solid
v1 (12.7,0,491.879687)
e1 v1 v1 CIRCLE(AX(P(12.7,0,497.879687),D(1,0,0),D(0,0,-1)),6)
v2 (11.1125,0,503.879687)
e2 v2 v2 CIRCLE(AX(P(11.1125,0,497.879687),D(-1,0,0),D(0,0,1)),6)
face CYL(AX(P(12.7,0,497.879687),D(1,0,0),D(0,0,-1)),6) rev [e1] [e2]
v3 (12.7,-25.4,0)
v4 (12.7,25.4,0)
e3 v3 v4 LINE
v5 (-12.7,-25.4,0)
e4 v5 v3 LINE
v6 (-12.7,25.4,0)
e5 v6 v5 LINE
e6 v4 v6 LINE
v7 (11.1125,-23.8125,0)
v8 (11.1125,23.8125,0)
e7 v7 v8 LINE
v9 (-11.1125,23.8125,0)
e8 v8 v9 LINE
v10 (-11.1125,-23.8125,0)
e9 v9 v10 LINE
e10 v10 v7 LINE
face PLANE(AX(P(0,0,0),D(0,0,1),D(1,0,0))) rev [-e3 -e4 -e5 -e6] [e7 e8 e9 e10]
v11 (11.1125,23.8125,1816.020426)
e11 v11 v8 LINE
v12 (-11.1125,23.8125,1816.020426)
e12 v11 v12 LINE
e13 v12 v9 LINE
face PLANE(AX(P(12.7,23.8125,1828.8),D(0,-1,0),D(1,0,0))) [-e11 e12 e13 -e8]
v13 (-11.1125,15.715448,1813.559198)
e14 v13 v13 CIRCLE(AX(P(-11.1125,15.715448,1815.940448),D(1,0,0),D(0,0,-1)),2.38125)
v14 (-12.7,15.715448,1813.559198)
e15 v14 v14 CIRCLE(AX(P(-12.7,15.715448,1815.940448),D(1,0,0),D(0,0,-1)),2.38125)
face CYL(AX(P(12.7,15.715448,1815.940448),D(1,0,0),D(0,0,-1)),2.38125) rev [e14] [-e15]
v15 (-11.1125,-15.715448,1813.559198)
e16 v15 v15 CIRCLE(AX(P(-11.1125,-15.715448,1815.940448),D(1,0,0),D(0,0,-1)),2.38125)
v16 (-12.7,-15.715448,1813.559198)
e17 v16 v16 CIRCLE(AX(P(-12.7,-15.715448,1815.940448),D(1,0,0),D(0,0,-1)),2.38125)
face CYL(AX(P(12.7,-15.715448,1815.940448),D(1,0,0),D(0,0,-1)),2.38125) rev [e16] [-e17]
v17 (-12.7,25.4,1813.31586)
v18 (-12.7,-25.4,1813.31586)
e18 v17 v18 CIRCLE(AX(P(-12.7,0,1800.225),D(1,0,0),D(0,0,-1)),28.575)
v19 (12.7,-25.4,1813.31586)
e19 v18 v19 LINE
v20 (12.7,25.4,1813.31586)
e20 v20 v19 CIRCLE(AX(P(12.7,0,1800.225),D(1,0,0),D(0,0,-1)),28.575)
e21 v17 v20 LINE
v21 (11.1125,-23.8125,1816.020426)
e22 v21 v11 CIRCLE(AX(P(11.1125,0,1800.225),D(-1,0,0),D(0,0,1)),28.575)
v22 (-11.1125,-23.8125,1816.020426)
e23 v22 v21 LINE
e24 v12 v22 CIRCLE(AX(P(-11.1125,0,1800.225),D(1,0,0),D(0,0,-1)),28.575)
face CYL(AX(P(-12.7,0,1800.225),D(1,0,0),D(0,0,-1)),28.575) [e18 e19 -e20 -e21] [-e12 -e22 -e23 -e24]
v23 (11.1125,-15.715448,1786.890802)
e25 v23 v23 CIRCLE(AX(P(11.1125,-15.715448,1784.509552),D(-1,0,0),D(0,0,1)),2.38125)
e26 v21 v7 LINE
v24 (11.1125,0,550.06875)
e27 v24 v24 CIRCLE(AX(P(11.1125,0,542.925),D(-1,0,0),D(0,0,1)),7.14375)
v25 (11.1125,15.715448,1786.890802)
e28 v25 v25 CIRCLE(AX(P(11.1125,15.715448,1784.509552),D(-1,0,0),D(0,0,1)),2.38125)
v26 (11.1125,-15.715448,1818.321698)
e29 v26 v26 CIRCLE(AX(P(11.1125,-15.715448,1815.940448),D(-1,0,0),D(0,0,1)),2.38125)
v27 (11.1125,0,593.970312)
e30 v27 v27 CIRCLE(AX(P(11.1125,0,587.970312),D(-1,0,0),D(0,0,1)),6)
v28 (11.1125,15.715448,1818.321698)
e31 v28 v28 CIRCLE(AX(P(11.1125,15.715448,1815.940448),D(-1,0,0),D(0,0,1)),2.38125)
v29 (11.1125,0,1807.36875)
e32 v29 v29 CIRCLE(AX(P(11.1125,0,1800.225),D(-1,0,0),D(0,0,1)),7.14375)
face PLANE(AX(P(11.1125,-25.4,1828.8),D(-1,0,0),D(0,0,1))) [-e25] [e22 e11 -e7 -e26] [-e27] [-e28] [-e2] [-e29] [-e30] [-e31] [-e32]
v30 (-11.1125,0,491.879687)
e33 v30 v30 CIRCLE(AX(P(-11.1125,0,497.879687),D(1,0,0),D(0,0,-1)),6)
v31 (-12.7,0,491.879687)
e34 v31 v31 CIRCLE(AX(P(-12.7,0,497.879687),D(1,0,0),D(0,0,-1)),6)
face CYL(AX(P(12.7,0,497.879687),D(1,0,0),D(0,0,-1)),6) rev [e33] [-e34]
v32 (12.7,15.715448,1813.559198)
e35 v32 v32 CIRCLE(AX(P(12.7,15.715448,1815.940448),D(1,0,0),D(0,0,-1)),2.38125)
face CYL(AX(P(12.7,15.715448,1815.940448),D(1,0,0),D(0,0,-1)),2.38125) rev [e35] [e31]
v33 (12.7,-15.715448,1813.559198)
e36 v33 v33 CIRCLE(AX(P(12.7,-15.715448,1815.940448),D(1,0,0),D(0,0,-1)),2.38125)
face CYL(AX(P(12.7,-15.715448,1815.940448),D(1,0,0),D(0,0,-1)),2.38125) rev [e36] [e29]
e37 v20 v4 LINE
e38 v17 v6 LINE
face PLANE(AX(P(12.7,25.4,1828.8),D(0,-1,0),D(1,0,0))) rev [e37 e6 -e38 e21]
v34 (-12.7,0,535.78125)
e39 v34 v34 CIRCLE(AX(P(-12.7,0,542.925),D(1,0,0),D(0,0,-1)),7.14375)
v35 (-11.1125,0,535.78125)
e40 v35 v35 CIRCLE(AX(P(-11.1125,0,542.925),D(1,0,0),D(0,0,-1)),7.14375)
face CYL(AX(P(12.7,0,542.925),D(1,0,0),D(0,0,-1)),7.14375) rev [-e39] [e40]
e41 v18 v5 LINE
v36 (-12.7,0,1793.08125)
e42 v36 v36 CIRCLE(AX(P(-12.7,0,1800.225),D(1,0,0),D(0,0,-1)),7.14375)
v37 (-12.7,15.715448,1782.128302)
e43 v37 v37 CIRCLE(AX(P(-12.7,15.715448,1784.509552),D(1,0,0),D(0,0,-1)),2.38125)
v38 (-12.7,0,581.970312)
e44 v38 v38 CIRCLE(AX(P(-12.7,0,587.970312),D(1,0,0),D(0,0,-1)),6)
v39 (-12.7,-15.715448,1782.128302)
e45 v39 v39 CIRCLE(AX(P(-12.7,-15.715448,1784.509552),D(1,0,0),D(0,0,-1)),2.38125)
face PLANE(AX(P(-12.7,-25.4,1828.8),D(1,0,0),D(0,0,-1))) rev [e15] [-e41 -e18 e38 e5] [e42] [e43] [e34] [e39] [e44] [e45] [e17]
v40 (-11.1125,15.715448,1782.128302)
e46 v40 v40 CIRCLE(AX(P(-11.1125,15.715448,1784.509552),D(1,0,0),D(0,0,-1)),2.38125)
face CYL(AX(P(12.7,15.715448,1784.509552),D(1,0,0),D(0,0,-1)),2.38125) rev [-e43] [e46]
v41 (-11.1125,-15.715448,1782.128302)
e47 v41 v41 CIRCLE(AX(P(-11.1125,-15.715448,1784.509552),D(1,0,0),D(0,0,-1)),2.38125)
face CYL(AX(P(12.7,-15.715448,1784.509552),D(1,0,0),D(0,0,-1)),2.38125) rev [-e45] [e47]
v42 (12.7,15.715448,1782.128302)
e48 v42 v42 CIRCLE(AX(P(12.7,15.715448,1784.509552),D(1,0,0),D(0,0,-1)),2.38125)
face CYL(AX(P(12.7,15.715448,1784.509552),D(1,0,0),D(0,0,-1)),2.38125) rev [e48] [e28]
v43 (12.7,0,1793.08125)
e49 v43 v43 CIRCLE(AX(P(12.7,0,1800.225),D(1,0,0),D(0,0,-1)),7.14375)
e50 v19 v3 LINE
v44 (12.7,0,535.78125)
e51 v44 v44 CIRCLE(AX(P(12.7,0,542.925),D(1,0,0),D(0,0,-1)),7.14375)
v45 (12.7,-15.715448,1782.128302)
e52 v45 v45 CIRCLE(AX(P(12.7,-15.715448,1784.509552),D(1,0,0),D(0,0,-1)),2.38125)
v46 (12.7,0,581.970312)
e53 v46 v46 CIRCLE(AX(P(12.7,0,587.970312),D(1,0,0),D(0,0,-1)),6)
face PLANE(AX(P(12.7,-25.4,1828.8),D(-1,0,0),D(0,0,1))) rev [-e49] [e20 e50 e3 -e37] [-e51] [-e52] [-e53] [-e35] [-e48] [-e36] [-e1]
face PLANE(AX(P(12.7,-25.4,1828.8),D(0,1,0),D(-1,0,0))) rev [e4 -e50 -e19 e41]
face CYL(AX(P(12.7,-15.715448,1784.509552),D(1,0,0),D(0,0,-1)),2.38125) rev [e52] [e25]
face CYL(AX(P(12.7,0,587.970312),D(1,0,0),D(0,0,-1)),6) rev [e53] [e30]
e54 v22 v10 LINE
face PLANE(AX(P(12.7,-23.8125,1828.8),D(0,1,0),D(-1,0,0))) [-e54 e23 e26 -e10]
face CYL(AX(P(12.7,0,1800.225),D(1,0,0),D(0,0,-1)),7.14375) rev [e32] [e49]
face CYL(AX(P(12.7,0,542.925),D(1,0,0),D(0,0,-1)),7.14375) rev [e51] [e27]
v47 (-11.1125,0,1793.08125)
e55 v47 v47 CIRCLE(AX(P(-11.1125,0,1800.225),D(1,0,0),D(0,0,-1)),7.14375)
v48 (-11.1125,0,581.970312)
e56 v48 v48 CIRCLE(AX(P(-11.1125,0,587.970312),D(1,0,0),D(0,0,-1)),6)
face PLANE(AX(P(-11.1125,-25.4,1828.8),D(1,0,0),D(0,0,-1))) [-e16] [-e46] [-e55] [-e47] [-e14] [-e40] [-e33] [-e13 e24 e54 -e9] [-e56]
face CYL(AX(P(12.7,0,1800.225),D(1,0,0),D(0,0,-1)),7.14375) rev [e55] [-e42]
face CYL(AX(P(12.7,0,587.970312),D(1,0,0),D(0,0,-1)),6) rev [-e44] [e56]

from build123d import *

# Parameters (mm, degrees)
SKETCH2_W                      = 25.4
SKETCH2_H                      = 50.8
SKETCH2_W_2                    = 22.225
SKETCH2_H_2                    = 47.625
EXTRUDE_THIN2_DEPTH            = 1828.8
CUT_EXTRUDE1_DEPTH             = 26.4
F_9_16_0_5625_DIAMETER_HOLE1_D = 14.2875
F_9_16_0_5625_DIAMETER_HOLE2_D = 14.2875
F_12_0MM_DOWEL_HOLE1_D         = 12
F_3_16_0_1875_DIAMETER_HOLE1_D = 4.7625


with BuildPart() as part:
    # Sketch2 → Extrude-Thin2 (new body)
    with BuildSketch(Plane.XY):
        Rectangle(SKETCH2_W, SKETCH2_H)
        Rectangle(SKETCH2_W_2, SKETCH2_H_2, mode=Mode.SUBTRACT)
    extrude(amount=EXTRUDE_THIN2_DEPTH)

    # Sketch8 → Cut-Extrude1 (cut, through all)
    with BuildSketch(Plane(origin=(12.7, 0, 0), x_dir=(0, 0, -1), z_dir=(1, 0, 0))):
        with BuildLine():
            Line((-1828.8, 25.4), (-1828.8, -3.09e-07))
            ThreePointArc((-1828.8, -3.09e-07), (-1824.623790622, 14.87379041), (-1813.315860361, 25.4))
            Line((-1813.315860361, 25.4), (-1828.8, 25.4))
        make_face()
        with BuildLine():
            Line((-1828.8, -25.4), (-1813.315860361, -25.4))
            ThreePointArc((-1813.315860361, -25.4), (-1824.623790462, -14.873790674), (-1828.8, -3.09e-07))
            Line((-1828.8, -3.09e-07), (-1828.8, -25.4))
        make_face()
    extrude(amount=-CUT_EXTRUDE1_DEPTH, mode=Mode.SUBTRACT)

    # 9/16 (0.5625) Diameter Hole1 (through all)
    with Locations(Plane(origin=(12.7, 0, 0), x_dir=(0, 0, -1), z_dir=(1, 0, 0))):
        with Locations((-1800.225, 0)):
            Hole(F_9_16_0_5625_DIAMETER_HOLE1_D / 2)

    # 9/16 (0.5625) Diameter Hole2 (through all)
    with Locations(Plane(origin=(12.7, 0, 0), x_dir=(0, 0, -1), z_dir=(1, 0, 0))):
        with Locations((-542.925, 0)):
            Hole(F_9_16_0_5625_DIAMETER_HOLE2_D / 2)

    # Ø12.0mm Dowel Hole1 (through all)
    with Locations(Plane(origin=(12.7, 0, 0), x_dir=(0, 0, -1), z_dir=(1, 0, 0))):
        with Locations((-587.9703125, 0), (-497.8796875, 0)):
            Hole(F_12_0MM_DOWEL_HOLE1_D / 2)

    # 3/16 (0.1875) Diameter Hole1 (through all)
    with Locations(Plane(origin=(12.7, 0, 0), x_dir=(0, 0, -1), z_dir=(1, 0, 0))):
        with Locations((-1784.509551788, 15.715448212), (-1784.509551788, -15.715448212), (-1815.940448212, -15.715448212), (-1815.940448212, 15.715448212)):
            Hole(F_3_16_0_1875_DIAMETER_HOLE1_D / 2)


solid = part.part
